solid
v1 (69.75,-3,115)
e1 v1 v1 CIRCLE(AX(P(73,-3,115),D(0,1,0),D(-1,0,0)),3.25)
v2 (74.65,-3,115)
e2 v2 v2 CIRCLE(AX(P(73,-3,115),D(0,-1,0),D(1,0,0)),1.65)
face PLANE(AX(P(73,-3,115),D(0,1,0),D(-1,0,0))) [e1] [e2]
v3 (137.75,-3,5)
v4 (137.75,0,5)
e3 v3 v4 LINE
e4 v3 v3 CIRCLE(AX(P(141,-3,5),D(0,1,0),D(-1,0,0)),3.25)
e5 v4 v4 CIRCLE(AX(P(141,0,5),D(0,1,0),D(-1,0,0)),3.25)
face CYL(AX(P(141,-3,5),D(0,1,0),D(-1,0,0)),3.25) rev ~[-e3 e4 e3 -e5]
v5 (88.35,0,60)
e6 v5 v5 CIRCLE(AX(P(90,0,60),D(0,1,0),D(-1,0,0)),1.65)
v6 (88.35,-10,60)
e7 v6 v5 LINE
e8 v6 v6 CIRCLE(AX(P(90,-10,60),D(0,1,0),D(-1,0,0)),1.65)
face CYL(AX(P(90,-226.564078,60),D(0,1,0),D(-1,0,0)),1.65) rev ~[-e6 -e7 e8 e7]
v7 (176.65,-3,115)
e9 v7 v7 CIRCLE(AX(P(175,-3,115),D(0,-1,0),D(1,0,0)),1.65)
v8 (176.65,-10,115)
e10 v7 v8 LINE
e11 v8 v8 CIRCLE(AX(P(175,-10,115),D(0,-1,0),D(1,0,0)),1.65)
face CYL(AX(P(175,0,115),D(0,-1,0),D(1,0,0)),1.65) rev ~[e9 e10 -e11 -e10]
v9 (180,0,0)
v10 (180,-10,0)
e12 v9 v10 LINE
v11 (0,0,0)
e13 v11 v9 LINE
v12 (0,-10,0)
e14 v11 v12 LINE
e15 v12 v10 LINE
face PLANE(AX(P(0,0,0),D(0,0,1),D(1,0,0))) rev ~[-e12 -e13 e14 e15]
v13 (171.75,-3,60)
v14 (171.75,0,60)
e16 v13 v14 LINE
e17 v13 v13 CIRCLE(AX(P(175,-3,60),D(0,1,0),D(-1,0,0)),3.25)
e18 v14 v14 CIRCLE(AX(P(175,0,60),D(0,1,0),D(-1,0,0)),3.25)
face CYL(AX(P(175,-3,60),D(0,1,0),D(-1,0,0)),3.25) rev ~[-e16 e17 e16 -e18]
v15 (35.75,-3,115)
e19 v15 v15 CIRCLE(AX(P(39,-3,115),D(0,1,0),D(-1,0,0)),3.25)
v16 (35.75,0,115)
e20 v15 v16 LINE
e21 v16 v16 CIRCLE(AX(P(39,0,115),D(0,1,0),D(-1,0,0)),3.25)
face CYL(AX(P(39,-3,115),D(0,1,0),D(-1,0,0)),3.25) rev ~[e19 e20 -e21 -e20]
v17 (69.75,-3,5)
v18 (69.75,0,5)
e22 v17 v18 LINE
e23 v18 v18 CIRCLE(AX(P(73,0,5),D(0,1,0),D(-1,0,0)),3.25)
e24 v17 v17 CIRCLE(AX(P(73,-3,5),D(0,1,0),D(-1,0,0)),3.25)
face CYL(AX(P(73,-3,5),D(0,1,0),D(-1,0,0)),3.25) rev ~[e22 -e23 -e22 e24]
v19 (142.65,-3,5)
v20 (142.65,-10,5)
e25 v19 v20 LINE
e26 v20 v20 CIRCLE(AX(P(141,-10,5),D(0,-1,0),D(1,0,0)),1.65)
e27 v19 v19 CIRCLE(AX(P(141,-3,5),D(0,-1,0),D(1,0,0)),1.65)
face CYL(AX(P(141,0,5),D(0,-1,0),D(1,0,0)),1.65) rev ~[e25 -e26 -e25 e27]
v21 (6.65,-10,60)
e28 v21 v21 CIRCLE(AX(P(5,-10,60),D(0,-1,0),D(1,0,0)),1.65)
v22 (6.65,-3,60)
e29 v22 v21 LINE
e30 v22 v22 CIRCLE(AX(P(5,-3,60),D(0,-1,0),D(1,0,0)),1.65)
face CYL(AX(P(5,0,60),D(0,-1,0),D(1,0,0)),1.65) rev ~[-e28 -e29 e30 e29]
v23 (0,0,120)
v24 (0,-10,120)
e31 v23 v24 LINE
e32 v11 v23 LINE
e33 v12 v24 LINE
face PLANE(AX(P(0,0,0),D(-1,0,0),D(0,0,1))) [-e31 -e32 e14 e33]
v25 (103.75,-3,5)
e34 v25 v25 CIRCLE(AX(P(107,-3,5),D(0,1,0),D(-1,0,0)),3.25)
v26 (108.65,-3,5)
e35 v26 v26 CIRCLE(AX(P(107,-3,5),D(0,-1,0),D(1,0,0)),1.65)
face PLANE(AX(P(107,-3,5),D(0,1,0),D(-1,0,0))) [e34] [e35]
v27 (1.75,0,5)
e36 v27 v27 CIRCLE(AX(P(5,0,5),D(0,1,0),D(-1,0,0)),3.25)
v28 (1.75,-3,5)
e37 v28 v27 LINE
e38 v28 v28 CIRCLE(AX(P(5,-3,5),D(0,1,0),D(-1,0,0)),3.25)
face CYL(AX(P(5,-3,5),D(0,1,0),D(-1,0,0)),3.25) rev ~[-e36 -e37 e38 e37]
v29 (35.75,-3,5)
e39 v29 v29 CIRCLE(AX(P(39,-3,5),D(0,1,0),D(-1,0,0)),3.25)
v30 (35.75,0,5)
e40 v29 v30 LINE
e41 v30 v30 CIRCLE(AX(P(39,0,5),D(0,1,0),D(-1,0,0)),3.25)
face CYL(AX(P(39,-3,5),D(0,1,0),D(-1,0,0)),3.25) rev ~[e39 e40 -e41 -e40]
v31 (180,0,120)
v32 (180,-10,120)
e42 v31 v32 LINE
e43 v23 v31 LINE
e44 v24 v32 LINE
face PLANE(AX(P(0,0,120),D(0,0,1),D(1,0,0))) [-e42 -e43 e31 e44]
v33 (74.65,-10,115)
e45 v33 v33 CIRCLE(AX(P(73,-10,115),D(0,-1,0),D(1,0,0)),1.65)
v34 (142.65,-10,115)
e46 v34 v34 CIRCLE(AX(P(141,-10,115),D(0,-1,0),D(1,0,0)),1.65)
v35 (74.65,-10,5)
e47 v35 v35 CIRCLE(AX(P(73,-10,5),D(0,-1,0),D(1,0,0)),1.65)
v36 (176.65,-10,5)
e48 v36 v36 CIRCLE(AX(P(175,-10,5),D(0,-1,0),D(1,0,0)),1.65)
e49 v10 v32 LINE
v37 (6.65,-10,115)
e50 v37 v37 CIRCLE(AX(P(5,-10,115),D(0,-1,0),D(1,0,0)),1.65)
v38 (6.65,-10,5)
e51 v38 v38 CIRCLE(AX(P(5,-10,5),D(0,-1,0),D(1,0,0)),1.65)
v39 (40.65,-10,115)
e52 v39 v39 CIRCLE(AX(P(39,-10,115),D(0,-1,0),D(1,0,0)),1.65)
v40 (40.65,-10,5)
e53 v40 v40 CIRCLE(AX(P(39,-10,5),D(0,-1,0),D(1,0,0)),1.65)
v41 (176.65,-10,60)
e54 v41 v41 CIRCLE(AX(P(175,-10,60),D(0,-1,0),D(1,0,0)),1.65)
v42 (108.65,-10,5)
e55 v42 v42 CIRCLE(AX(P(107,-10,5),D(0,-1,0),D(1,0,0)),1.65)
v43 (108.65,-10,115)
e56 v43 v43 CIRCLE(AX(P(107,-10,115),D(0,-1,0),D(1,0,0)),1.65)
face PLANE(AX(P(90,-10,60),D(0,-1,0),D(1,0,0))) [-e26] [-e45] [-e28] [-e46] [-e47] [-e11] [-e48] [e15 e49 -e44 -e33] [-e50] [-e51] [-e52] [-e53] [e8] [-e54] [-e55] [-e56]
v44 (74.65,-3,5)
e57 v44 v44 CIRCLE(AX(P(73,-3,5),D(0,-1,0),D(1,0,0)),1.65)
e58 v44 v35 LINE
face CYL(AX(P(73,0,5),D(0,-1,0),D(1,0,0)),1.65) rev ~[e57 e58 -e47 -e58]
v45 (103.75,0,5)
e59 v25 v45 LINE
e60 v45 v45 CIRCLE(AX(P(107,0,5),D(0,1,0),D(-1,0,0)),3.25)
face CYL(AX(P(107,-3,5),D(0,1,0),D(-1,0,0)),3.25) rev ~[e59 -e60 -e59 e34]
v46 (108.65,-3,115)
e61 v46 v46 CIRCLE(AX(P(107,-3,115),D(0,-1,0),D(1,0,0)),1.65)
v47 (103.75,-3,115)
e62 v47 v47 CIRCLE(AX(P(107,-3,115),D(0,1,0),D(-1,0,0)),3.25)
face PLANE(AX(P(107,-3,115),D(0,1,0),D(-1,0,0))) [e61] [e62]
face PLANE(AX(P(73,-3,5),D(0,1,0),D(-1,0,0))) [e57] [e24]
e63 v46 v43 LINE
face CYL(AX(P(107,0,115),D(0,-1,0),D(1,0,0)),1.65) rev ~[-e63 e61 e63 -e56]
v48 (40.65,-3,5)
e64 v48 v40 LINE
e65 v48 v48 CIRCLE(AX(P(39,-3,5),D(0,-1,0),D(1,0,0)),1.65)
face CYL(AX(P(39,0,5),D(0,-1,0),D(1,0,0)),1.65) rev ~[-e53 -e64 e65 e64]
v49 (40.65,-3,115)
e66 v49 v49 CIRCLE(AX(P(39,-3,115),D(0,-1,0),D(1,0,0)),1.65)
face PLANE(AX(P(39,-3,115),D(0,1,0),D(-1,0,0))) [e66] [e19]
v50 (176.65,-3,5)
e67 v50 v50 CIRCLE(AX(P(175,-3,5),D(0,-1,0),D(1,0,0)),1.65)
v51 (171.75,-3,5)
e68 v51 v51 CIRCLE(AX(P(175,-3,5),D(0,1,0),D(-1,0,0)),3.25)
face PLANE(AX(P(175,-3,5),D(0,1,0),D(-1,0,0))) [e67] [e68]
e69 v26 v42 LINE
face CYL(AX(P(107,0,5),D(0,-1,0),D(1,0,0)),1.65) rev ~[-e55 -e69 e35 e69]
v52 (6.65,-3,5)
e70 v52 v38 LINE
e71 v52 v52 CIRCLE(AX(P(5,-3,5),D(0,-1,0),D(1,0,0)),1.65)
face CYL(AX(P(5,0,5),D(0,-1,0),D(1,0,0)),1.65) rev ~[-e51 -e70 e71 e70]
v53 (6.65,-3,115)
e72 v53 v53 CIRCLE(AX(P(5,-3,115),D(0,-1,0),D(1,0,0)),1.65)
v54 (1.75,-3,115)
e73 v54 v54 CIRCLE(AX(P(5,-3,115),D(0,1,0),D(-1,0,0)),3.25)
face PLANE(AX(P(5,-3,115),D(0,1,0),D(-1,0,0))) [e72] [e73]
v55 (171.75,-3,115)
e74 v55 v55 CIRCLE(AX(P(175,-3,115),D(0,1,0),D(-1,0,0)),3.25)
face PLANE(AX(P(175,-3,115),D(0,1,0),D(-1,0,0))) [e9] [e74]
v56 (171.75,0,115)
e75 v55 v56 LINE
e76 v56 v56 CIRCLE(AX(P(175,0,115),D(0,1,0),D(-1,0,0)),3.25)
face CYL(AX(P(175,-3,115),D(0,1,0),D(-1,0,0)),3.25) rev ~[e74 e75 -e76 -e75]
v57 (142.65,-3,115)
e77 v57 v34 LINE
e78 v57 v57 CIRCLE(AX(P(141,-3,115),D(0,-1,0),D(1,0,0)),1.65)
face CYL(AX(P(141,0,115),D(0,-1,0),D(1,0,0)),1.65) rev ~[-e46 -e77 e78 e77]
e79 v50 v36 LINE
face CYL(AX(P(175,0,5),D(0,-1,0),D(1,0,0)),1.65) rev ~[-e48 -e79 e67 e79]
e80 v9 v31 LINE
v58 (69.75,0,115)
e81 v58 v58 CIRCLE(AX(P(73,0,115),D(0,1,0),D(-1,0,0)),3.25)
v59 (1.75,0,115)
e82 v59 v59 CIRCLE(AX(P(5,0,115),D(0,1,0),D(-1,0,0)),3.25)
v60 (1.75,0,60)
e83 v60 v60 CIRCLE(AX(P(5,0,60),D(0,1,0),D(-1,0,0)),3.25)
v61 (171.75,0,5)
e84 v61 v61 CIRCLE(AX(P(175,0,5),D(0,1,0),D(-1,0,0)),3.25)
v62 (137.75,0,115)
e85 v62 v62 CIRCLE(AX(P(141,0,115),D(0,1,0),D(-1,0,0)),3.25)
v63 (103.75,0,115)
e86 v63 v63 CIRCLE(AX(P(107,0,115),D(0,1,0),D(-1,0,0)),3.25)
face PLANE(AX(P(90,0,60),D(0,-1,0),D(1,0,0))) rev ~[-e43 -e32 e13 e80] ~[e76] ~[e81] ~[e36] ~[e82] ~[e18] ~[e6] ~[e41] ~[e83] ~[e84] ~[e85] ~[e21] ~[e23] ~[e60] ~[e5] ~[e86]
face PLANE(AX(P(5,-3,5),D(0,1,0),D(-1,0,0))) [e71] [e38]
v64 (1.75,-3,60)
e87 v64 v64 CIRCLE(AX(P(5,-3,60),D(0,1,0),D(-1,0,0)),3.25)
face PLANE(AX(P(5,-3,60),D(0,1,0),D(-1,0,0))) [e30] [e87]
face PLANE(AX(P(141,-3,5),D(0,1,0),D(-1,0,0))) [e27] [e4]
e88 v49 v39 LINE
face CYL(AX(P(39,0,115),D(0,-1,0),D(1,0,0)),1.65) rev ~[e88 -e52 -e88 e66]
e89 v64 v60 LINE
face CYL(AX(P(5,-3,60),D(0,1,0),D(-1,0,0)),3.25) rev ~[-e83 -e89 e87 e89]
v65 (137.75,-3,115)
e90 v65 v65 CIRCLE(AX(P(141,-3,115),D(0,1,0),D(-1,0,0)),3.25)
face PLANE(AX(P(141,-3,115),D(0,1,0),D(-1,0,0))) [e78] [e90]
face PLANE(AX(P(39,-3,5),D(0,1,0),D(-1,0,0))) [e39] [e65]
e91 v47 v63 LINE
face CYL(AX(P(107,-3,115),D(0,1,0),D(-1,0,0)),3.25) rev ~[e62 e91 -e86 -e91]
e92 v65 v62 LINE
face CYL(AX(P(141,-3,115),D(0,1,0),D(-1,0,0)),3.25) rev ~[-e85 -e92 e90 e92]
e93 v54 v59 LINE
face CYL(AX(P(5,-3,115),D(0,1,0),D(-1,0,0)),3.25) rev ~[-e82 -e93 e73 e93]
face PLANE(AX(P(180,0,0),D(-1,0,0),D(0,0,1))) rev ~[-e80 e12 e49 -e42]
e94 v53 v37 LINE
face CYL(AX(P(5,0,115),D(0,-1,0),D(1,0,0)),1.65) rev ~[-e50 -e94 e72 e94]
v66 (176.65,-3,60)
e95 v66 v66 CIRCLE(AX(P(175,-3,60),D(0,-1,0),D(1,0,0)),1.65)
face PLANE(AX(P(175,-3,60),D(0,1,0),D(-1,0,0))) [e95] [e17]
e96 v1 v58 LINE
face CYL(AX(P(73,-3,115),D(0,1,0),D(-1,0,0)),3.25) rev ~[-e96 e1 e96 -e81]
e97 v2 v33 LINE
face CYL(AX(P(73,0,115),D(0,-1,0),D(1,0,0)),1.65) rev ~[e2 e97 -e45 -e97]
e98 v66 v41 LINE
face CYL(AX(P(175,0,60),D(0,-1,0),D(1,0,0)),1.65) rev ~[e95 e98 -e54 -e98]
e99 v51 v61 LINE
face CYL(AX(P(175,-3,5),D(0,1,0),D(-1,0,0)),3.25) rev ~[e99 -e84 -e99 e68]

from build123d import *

# Parameters (mm, degrees)
F0_W           = 180
F0_H           = 120
F1_DEPTH       = 10
F3_D           = 3.3
F3_CBORE_D     = 6.5
F3_CBORE_DEPTH = 3
F5_D           = 3.3


with BuildPart() as f1:
    # F0 (on Front) → F1 (new body)
    with BuildSketch(Plane.XZ):
        with Locations((90, 60)):
            Rectangle(F0_W, F0_H)
    extrude(amount=F1_DEPTH)

    # F3 (through all)
    with Locations(Plane(origin=(0, 0, 0), x_dir=(-1, 0, 0), z_dir=(0, 1, 0))):
        with Locations((-175, 115), (-141, 115), (-107, 115), (-73, 115), (-39, 115), (-5, 115), (-5, 60), (-5, 5), (-39, 5), (-73, 5), (-107, 5), (-141, 5), (-175, 60), (-175, 5)):
            CounterBoreHole(F3_D / 2, F3_CBORE_D / 2, F3_CBORE_DEPTH)

    # F5 (through all)
    with Locations(Plane.XZ.offset(10)):
        with Locations((90, 60)):
            Hole(F5_D / 2)


solid = f1.part
